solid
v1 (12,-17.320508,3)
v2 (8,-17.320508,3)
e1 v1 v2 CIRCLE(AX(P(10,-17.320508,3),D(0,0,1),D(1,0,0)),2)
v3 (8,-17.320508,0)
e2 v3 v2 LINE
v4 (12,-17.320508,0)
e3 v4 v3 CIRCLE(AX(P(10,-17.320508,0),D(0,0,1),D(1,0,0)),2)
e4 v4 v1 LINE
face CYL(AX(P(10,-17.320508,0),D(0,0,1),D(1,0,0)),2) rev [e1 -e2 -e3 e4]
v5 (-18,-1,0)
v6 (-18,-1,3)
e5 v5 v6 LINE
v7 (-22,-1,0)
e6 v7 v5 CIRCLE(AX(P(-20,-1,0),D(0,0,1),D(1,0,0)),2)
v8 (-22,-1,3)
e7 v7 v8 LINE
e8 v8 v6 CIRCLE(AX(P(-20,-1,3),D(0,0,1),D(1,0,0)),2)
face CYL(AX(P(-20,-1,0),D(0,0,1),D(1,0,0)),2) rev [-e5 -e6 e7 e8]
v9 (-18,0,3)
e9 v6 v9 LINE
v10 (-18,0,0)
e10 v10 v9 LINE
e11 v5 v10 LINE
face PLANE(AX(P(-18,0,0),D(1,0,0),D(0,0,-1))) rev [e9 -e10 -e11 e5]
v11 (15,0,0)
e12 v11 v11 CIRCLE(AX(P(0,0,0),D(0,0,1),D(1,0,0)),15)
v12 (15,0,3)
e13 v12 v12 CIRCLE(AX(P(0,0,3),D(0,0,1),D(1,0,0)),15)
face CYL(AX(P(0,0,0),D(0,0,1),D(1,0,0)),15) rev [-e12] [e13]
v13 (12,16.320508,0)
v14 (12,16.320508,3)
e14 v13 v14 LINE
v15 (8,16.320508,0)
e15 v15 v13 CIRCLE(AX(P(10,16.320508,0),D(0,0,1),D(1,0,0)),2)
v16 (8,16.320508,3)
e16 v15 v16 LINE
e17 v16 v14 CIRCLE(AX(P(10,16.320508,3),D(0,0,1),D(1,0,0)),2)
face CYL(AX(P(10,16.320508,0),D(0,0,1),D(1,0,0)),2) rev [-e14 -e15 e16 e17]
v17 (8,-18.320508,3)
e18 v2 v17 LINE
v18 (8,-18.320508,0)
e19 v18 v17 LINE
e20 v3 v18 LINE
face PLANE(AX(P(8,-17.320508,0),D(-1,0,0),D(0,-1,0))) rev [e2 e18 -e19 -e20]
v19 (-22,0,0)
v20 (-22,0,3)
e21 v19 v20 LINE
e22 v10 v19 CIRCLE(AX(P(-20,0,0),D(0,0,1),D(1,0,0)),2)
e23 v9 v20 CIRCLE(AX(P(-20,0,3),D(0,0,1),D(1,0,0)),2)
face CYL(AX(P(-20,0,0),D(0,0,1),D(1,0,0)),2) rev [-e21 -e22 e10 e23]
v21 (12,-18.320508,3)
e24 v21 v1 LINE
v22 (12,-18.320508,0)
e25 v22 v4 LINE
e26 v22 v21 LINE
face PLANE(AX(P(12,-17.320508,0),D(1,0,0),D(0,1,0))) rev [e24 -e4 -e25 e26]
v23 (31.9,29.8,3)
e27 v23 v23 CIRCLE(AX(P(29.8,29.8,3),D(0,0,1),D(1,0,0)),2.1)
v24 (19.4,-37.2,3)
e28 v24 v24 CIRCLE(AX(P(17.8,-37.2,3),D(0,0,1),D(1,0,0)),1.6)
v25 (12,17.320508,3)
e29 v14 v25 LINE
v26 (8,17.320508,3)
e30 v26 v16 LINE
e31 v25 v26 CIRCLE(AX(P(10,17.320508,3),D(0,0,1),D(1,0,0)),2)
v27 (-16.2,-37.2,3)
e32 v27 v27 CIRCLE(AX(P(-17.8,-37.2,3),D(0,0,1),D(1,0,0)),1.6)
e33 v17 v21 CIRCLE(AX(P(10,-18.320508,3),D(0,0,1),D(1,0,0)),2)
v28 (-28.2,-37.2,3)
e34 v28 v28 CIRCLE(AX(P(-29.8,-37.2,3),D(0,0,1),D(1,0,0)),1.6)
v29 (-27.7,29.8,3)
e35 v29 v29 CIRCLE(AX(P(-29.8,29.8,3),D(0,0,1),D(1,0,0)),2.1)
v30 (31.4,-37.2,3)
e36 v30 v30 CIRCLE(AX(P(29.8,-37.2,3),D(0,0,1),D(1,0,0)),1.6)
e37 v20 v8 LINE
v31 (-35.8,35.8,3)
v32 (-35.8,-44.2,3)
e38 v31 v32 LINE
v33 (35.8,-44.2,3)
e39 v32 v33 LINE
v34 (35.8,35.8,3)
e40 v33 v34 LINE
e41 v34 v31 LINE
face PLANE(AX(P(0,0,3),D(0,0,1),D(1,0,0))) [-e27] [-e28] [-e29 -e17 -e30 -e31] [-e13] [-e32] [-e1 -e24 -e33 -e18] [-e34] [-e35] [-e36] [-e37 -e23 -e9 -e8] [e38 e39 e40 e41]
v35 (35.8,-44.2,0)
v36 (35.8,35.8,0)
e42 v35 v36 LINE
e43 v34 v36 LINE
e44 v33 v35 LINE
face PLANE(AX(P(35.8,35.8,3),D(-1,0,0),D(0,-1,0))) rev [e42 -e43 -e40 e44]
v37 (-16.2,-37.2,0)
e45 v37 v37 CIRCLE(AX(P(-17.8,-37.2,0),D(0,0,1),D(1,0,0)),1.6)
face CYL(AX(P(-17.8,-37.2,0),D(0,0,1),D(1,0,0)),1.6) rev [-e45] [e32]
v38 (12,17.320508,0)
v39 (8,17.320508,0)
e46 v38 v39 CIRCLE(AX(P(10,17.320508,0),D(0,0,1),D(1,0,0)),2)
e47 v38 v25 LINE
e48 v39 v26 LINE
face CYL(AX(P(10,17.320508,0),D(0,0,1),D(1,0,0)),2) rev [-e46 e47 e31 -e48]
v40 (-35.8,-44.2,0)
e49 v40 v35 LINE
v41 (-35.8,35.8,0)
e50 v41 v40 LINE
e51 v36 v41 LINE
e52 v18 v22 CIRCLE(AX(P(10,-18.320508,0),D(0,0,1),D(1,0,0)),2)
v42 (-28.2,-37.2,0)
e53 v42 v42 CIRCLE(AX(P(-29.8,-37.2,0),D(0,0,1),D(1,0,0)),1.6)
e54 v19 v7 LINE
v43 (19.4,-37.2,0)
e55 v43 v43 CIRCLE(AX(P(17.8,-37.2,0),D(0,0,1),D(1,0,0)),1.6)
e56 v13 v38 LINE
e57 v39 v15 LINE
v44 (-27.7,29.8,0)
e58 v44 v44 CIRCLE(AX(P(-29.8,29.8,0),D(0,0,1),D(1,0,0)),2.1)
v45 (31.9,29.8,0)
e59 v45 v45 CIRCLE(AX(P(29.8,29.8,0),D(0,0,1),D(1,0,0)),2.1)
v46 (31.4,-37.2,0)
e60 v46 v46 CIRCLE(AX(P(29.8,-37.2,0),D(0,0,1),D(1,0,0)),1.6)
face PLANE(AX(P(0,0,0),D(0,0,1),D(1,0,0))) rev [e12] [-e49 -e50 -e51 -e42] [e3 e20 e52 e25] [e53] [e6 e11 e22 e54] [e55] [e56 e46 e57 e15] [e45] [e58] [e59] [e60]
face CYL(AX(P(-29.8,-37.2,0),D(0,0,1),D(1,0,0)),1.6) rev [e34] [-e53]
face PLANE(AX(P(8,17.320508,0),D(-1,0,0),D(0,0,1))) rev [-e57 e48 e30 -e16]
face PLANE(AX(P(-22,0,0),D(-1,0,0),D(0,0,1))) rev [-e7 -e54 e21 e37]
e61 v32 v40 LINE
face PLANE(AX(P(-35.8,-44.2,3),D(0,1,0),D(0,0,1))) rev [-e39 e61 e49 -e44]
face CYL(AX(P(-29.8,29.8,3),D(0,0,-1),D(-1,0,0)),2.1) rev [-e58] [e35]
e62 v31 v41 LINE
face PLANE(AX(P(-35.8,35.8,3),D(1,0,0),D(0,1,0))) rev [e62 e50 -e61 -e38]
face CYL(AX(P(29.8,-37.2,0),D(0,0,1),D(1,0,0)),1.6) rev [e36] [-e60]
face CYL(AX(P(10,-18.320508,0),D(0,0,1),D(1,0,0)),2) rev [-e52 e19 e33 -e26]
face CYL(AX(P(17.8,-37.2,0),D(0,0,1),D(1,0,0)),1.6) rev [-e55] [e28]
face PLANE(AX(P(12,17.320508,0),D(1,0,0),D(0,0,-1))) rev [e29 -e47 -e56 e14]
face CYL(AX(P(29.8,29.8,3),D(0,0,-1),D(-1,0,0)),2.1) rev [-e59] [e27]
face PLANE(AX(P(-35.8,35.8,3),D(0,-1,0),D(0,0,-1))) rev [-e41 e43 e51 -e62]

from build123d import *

# Parameters (mm, degrees)
SKETCH_1_W          = 71.6
SKETCH_1_H          = 80
SKETCH_1_R          = 2.1
EXTRUDE_1_DEPTH     = 3
SKETCH_2_R          = 1.6
CUT_EXTRUDE_1_DEPTH = 3
SKETCH_3_R          = 15
CUT_EXTRUDE_2_DEPTH = 3
CUT_EXTRUDE_3_DEPTH = 3


with BuildPart() as part:
    # 草图1 → 凸台-拉伸1 (new body)
    with BuildSketch(Plane.XY):
        with Locations((0, -4.2)):
            Rectangle(SKETCH_1_W, SKETCH_1_H)
        with Locations((-29.8, 29.8)):
            Circle(SKETCH_1_R, mode=Mode.SUBTRACT)
        with Locations((29.8, 29.8)):
            Circle(SKETCH_1_R, mode=Mode.SUBTRACT)
        with BuildLine():
            ThreePointArc((8.833273811, -16.153781887), (8.833273811, -18.487234265), (11.166726189, -18.487234265))
            ThreePointArc((11.166726189, -18.487234265), (11.166726189, -16.153781887), (8.833273811, -16.153781887))
        make_face(mode=Mode.SUBTRACT)
        with BuildLine():
            ThreePointArc((-21.166726189, 1.166726189), (-21.166726189, -1.166726189), (-18.833273811, -1.166726189))
            ThreePointArc((-18.833273811, -1.166726189), (-18.833273811, 1.166726189), (-21.166726189, 1.166726189))
        make_face(mode=Mode.SUBTRACT)
        with BuildLine():
            ThreePointArc((8.833273811, 18.487234265), (8.833273811, 16.153781887), (11.166726189, 16.153781887))
            ThreePointArc((11.166726189, 16.153781887), (11.166726189, 18.487234265), (8.833273811, 18.487234265))
        make_face(mode=Mode.SUBTRACT)
    extrude(amount=EXTRUDE_1_DEPTH)

    # 草图2 → 切除-拉伸1 (cut)
    with BuildSketch(Plane.XY.offset(3)):
        with Locations((29.8, -37.2)):
            Circle(SKETCH_2_R)
        with Locations((17.8, -37.2)):
            Circle(SKETCH_2_R)
        with Locations((-17.8, -37.2)):
            Circle(SKETCH_2_R)
        with Locations((-29.8, -37.2)):
            Circle(SKETCH_2_R)
    extrude(amount=-CUT_EXTRUDE_1_DEPTH, mode=Mode.SUBTRACT)

    # 草图3 → 切除-拉伸2 (cut)
    with BuildSketch(Plane.XY.offset(3)):
        Circle(SKETCH_3_R)
    extrude(amount=-CUT_EXTRUDE_2_DEPTH, mode=Mode.SUBTRACT)

    # 草图4 → 切除-拉伸3 (cut)
    with BuildSketch(Plane.XY.offset(3)):
        with BuildLine():
            Line((12, 17.320508076), (12, 16.320508076))
            ThreePointArc((12, 16.320508076), (10, 14.320508076), (8, 16.320508076))
            Line((8, 16.320508076), (8, 17.320508076))
            ThreePointArc((8, 17.320508076), (10, 19.320508076), (12, 17.320508076))
        make_face()
        with BuildLine():
            Line((-18, 0), (-18, -1))
            ThreePointArc((-18, -1), (-20, -3), (-22, -1))
            Line((-22, -1), (-22, 0))
            ThreePointArc((-22, 0), (-20, 2), (-18, 0))
        make_face()
        with BuildLine():
            Line((12, -17.320508076), (12, -18.320508076))
            ThreePointArc((12, -18.320508076), (10, -20.320508076), (8, -18.320508076))
            Line((8, -18.320508076), (8, -17.320508076))
            ThreePointArc((8, -17.320508076), (10, -15.320508076), (12, -17.320508076))
        make_face()
    extrude(amount=-CUT_EXTRUDE_3_DEPTH, mode=Mode.SUBTRACT)


solid = part.part
